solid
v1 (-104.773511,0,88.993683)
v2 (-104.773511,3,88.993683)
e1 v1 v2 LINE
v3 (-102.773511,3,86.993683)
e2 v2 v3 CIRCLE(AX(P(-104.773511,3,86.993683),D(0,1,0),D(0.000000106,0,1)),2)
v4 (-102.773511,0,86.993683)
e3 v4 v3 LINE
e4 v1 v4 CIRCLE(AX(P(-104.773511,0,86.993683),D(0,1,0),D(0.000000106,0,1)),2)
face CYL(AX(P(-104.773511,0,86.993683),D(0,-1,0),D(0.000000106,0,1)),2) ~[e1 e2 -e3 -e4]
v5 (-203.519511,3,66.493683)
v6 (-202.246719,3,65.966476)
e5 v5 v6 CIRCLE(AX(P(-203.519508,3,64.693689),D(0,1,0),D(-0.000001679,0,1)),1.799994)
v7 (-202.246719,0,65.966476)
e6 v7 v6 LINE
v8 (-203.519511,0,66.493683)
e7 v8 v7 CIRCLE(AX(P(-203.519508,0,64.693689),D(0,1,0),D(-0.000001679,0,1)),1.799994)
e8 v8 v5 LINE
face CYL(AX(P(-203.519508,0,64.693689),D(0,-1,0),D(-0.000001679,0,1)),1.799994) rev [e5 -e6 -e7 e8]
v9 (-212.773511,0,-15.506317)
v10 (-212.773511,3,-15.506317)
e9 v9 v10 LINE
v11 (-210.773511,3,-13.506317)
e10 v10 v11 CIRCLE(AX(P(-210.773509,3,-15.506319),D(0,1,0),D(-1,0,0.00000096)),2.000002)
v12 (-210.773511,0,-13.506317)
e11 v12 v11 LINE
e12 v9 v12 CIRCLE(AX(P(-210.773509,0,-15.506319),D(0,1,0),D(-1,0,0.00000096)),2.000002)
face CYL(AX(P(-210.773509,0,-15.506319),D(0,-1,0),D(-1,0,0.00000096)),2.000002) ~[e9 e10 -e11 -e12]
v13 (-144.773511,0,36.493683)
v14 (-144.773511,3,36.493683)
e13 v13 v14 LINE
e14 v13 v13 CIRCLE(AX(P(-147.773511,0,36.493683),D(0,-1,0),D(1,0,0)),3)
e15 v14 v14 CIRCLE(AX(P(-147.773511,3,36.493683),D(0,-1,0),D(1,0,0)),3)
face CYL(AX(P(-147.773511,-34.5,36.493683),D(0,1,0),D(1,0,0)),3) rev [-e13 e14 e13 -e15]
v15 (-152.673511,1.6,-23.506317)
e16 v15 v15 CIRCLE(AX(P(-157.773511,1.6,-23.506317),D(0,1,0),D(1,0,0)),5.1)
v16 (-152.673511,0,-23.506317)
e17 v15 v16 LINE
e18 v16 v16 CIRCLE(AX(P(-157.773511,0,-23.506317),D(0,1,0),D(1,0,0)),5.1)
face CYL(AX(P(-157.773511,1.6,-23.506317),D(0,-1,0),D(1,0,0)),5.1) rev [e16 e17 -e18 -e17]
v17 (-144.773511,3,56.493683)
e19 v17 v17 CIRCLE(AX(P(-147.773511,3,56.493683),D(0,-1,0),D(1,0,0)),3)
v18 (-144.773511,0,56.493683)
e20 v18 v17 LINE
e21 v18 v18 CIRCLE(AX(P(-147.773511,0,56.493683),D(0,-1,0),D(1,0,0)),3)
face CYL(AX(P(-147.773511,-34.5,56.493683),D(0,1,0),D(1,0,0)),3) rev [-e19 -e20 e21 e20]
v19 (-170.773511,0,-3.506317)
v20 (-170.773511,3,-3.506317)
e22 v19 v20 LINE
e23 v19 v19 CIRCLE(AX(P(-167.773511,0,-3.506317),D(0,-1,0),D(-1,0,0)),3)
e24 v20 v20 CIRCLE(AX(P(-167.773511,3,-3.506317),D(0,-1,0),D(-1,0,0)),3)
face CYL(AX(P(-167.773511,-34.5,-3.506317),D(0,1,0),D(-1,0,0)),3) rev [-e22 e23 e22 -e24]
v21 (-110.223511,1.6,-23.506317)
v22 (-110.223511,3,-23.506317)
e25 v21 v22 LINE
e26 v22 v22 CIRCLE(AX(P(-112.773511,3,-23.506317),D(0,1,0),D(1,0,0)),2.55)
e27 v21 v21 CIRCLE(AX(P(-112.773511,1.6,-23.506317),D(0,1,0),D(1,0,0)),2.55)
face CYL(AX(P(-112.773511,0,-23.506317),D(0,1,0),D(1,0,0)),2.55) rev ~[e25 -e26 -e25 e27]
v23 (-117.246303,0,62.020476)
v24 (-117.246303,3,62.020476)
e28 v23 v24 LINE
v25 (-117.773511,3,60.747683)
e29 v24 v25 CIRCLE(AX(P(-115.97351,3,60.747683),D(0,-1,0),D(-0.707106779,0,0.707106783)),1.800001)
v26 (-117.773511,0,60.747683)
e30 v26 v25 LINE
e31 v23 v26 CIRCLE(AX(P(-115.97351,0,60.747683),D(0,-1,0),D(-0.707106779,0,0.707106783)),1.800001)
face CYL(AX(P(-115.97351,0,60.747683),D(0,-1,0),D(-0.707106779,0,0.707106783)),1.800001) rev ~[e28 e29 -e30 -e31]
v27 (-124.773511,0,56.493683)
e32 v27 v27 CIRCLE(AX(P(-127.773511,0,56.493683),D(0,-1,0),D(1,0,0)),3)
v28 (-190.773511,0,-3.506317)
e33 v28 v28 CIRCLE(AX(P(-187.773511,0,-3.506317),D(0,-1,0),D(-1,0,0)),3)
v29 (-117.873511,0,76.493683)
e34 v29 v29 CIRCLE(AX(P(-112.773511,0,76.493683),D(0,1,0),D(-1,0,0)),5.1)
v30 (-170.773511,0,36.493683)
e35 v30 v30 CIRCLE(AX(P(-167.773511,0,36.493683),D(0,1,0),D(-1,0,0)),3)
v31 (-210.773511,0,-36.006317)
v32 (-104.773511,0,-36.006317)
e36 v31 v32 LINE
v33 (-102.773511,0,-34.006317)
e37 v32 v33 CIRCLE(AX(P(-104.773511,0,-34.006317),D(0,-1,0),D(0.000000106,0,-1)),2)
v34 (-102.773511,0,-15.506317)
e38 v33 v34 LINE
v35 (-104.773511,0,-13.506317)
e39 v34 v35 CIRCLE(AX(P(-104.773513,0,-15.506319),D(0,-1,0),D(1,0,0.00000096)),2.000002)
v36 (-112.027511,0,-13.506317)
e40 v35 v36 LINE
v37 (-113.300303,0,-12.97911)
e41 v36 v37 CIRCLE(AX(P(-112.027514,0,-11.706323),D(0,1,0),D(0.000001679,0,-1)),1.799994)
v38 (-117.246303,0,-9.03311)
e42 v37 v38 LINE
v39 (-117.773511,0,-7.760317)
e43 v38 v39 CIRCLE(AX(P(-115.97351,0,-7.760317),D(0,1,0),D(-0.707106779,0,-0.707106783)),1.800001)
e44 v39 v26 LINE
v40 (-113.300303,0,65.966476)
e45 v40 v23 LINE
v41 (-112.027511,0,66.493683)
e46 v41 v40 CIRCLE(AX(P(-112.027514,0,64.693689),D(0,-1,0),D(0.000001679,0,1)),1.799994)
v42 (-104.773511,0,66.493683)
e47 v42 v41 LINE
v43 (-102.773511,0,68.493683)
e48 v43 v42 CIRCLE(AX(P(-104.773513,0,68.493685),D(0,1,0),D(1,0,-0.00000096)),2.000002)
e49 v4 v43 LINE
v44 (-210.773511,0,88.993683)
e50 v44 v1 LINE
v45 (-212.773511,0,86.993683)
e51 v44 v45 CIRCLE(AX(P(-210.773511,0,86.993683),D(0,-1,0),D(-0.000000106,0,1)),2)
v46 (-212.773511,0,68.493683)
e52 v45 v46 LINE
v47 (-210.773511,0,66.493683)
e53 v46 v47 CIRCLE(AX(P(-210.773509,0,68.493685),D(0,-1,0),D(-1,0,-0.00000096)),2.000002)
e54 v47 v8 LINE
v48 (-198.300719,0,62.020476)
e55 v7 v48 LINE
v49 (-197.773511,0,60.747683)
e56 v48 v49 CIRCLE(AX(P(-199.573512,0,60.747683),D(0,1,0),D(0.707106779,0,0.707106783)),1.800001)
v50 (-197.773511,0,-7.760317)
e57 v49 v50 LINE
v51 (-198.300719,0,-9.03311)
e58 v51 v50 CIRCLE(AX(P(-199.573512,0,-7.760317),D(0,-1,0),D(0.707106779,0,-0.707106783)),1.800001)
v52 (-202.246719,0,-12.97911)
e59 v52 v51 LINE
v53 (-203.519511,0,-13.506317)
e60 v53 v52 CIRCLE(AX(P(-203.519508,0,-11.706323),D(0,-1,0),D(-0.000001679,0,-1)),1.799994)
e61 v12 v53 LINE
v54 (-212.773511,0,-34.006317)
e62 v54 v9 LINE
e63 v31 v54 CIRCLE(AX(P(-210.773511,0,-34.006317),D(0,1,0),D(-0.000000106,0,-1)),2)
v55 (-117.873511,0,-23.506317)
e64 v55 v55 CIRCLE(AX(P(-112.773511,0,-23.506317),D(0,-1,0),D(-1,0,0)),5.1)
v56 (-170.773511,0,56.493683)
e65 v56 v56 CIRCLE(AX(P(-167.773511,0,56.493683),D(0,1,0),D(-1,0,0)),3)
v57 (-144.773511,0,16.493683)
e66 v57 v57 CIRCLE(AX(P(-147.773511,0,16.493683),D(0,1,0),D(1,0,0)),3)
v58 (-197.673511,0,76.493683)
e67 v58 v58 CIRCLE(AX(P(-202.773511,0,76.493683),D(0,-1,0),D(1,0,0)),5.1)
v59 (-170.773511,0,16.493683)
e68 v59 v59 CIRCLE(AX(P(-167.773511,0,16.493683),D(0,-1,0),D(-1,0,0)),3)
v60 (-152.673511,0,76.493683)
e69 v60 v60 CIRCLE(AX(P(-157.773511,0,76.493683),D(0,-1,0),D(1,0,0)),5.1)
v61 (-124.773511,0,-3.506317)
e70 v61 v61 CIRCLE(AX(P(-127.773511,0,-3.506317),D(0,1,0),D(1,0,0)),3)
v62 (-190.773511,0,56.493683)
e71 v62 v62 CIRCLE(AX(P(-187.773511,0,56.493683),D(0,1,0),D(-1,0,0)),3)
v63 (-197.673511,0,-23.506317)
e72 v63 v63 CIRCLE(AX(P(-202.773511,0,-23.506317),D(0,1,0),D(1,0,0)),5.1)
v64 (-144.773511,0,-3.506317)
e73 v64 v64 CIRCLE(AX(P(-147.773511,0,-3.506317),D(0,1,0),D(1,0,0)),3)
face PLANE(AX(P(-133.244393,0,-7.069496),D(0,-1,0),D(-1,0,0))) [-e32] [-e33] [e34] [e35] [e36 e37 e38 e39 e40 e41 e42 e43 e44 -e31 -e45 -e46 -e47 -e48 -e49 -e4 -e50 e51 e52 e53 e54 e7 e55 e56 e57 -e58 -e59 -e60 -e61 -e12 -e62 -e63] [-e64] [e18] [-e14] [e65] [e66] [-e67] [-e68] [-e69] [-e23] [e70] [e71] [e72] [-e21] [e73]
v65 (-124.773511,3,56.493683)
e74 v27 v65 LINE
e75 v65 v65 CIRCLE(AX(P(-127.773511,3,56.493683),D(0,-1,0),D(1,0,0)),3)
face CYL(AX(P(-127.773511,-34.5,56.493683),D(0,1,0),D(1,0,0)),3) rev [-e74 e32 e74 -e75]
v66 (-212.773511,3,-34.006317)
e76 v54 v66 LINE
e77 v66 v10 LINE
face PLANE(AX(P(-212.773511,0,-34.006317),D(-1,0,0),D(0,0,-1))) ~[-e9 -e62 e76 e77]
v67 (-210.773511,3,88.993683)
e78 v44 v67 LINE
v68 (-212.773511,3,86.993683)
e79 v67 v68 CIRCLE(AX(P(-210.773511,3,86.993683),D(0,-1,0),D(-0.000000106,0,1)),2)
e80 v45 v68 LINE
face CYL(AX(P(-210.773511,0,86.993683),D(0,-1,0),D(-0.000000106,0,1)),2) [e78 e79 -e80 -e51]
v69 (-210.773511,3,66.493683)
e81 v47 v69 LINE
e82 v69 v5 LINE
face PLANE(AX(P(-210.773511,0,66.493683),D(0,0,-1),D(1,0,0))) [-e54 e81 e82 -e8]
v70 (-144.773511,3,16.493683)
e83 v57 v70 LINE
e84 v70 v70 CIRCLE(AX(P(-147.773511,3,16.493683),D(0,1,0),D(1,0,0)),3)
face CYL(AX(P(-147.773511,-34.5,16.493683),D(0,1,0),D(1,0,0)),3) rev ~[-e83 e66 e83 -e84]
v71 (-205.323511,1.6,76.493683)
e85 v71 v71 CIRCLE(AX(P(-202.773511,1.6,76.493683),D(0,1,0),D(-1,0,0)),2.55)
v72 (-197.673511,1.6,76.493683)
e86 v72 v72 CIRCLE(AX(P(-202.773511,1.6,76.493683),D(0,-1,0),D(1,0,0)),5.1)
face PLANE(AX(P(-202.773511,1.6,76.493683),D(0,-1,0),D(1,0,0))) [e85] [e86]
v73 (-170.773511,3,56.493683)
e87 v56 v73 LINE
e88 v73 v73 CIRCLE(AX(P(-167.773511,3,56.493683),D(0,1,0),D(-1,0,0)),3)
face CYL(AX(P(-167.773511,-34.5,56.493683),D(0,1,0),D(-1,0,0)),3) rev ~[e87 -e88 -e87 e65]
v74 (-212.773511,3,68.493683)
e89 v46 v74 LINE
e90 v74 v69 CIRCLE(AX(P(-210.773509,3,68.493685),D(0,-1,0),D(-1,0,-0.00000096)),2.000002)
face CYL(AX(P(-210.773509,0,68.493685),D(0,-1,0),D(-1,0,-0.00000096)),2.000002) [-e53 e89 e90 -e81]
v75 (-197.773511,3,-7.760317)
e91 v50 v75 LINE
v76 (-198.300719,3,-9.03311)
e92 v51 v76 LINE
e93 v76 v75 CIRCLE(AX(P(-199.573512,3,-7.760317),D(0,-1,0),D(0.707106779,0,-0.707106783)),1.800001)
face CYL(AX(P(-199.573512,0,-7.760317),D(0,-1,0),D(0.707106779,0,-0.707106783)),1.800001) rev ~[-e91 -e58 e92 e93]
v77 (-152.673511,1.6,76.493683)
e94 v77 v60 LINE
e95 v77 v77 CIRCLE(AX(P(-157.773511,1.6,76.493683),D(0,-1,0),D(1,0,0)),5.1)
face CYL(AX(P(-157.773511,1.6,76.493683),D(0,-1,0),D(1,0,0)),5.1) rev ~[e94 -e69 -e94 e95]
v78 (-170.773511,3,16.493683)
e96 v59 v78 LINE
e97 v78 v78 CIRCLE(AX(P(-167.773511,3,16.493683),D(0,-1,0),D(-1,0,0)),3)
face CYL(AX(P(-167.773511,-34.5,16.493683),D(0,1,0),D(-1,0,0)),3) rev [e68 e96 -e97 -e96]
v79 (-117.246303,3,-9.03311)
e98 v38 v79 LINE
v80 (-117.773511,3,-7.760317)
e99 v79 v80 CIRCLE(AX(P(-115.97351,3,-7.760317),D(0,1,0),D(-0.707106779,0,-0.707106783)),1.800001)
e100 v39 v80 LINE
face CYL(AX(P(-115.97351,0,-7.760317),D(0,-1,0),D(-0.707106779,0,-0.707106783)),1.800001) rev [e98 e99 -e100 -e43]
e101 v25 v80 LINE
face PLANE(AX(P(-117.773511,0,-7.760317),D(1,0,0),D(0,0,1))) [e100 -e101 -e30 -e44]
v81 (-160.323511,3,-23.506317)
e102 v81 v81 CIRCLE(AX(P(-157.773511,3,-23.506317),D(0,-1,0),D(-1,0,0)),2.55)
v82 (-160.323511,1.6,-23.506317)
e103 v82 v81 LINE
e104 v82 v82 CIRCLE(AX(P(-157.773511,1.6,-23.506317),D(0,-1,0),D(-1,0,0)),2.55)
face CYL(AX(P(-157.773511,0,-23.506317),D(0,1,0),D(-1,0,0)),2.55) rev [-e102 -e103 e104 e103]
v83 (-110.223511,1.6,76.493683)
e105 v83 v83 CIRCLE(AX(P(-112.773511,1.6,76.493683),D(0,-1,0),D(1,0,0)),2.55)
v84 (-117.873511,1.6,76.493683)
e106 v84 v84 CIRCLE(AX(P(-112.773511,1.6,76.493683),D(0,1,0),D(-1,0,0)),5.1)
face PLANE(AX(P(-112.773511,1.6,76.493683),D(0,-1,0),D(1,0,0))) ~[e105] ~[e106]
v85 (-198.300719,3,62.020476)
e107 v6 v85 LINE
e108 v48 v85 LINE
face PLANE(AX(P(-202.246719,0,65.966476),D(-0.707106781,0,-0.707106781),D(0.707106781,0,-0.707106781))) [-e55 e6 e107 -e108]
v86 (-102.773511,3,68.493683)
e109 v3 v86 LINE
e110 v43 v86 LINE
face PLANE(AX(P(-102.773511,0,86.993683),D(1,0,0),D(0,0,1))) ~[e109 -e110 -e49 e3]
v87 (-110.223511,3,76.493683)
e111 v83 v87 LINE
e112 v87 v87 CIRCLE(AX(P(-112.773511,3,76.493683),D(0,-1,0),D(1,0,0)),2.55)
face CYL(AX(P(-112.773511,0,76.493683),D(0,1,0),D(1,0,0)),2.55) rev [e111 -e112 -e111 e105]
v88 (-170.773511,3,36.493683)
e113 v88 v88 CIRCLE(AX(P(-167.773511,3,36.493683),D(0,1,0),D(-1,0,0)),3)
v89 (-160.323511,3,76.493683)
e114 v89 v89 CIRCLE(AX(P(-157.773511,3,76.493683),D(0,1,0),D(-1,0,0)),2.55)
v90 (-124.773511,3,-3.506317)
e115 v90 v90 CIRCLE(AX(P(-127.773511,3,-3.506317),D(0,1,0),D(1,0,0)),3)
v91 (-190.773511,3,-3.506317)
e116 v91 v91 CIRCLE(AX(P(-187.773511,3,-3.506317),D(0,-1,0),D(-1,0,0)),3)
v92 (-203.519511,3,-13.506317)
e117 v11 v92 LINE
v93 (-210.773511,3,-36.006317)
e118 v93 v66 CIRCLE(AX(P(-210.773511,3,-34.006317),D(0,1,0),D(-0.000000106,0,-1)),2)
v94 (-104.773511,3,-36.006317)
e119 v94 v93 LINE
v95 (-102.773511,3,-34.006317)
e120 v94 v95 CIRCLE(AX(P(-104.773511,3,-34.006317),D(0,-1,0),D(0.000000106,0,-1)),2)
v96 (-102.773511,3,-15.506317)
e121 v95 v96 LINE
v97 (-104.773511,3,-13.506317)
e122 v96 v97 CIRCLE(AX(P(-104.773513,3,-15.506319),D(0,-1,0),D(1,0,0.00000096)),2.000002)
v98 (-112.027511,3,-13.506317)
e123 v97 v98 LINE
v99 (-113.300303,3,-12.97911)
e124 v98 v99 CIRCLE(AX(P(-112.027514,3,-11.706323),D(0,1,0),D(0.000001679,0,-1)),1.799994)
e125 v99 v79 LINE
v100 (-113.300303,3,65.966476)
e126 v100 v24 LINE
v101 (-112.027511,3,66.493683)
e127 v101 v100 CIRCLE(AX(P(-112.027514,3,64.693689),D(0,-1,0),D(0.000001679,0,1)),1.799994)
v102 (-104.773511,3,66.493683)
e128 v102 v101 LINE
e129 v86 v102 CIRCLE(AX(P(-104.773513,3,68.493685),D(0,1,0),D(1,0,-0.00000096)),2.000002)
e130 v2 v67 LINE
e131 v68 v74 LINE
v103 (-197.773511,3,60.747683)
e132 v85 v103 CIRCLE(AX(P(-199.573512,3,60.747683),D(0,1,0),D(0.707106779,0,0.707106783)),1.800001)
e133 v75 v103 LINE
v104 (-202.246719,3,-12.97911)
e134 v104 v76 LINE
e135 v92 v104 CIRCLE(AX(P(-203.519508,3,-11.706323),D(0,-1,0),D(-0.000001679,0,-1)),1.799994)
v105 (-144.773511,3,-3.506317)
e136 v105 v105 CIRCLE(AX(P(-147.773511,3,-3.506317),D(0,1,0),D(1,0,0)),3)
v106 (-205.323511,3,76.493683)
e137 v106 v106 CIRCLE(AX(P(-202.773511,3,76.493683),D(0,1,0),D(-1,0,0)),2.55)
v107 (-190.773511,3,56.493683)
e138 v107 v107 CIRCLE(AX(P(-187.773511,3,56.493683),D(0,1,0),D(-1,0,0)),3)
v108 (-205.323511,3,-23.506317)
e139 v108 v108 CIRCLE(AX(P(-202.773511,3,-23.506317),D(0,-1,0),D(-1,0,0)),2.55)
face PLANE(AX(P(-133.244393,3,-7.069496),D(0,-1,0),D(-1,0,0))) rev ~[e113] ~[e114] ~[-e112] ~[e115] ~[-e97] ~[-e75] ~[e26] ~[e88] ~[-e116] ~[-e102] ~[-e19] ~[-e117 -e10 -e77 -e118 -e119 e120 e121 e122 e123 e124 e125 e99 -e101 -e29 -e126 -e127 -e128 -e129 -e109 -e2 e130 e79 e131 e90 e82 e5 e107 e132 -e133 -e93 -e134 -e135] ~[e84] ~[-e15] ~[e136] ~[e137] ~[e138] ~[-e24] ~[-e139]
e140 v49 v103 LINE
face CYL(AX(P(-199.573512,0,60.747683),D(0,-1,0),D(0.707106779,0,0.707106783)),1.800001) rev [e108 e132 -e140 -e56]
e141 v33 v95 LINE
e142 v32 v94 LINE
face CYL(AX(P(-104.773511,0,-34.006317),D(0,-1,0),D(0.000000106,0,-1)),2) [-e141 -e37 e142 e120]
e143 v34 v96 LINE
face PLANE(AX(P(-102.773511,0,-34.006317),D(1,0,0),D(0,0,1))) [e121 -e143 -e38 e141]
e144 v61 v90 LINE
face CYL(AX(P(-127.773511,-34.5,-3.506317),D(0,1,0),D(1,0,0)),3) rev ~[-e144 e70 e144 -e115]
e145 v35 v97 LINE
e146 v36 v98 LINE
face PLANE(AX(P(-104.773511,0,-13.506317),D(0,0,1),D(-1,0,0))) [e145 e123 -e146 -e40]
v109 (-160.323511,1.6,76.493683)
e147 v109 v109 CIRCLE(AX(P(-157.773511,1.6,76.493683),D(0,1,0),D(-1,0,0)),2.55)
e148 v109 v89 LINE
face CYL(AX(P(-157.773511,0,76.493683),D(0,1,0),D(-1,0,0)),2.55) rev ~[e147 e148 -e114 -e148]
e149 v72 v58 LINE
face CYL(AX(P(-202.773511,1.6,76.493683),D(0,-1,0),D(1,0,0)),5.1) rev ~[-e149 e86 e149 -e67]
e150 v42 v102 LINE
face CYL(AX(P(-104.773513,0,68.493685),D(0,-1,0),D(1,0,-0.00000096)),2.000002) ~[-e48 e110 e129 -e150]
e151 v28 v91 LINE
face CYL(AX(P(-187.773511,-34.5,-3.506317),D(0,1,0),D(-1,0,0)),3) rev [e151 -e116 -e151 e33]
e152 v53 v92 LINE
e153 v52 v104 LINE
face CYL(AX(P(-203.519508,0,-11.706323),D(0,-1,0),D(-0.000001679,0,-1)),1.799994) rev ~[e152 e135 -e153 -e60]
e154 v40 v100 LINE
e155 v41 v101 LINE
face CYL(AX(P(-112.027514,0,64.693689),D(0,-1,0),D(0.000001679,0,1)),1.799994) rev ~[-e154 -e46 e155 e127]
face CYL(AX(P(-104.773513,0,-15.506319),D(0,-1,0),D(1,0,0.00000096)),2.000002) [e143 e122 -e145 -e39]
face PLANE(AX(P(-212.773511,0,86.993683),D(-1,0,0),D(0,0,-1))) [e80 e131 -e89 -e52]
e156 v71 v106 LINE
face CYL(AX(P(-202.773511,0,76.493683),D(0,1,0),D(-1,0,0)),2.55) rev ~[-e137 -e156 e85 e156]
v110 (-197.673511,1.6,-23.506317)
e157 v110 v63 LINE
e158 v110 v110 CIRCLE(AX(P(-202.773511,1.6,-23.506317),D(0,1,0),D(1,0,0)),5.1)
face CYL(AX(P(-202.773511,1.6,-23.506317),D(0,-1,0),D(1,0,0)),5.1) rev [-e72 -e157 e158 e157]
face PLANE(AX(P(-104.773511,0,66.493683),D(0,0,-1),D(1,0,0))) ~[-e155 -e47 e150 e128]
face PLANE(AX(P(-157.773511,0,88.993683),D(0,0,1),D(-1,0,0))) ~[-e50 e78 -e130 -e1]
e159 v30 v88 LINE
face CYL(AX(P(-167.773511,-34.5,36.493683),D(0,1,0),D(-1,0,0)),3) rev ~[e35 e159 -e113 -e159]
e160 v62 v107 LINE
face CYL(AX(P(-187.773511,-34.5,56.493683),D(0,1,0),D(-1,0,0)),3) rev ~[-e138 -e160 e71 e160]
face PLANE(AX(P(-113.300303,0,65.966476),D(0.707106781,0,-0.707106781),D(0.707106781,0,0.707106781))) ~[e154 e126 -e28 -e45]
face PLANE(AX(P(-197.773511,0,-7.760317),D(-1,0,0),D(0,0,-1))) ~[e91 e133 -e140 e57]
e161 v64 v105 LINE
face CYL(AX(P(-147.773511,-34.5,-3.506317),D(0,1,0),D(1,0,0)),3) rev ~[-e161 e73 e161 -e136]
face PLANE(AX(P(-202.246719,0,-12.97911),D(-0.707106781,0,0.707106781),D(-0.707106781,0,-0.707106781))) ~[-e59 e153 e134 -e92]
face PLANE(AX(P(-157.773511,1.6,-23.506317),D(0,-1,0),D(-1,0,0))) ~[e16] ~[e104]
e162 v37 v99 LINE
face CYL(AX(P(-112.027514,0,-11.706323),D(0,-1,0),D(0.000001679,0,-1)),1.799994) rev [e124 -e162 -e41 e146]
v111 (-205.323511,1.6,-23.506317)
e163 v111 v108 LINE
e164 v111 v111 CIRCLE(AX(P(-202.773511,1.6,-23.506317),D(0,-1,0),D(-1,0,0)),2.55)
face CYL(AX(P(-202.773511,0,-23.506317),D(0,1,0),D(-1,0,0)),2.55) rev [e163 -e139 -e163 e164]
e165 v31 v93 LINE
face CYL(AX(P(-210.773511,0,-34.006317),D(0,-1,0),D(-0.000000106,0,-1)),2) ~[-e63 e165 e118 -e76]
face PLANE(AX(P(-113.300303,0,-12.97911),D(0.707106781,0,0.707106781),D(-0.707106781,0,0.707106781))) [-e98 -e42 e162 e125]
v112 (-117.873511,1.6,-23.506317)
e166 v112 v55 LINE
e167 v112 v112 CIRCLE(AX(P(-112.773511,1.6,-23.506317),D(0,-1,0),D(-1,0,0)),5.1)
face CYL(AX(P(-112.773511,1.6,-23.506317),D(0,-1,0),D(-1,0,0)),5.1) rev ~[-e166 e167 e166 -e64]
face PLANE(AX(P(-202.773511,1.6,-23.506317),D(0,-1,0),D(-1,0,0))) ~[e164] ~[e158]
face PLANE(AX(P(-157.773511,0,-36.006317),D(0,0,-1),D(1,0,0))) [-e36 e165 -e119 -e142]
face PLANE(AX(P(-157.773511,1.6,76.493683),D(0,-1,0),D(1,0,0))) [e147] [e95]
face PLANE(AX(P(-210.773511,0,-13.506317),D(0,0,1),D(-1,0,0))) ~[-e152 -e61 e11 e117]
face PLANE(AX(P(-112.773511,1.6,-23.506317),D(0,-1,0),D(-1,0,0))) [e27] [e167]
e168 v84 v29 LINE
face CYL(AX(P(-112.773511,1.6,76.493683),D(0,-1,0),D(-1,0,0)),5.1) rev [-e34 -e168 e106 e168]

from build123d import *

# Parameters (mm, degrees)
F1_DEPTH       = 3
F2_D           = 6
F2_DEPTH       = 34.5
F3_D           = 5.1
F3_DEPTH       = 34.5
F3_CBORE_D     = 10.2
F3_CBORE_DEPTH = 1.6
F5_D           = 5.1
F5_DEPTH       = 34.5
F5_CBORE_D     = 10.2
F5_CBORE_DEPTH = 1.6


with BuildPart() as f1:
    # F0 (on Front) → F1 (new body)
    with BuildSketch(Plane.XZ):
        with BuildLine():
            Line((-157.773511, 88.993683), (-210.773511, 88.993683))
            ThreePointArc((-210.773511, 88.993683), (-212.187724, 88.407897), (-212.773511, 86.993683))
            Line((-212.773511, 86.993683), (-212.773511, 68.493683))
            ThreePointArc((-212.773511, 68.493683), (-212.187724, 67.07947), (-210.773511, 66.493683))
            Line((-210.773511, 66.493683), (-203.519511, 66.493683))
            ThreePointArc((-203.519511, 66.493683), (-202.830681, 66.356667), (-202.246719, 65.966476))
            Line((-202.246719, 65.966476), (-198.300719, 62.020476))
            ThreePointArc((-198.300719, 62.020476), (-197.910528, 61.436514), (-197.773511, 60.747683))
            Line((-197.773511, 60.747683), (-197.773511, 26.493683))
            Line((-197.773511, 26.493683), (-157.773511, 26.493683))
            Line((-157.773511, 26.493683), (-157.773511, 88.993683))
        make_face()
    extrude(amount=-F1_DEPTH)

    # F2
    with Locations(Plane.XZ):
        with Locations((-187.773511, 56.493683), (-167.773511, 56.493683), (-167.773511, 36.493683)):
            Hole(F2_D / 2, depth=F2_DEPTH)

    # F3
    with Locations(Plane.XZ):
        with Locations((-202.773511, 76.493683)):
            CounterBoreHole(F3_D / 2, F3_CBORE_D / 2, F3_CBORE_DEPTH, depth=F3_DEPTH)

    # F4: F1 across face


with BuildPart() as f1_1:
    add(f1.part)
    add(f1.part.mirror(Plane(origin=(-157.773511, 1.5, 57.743683), x_dir=(0, 1, 0), z_dir=(1, 0, 0))))

    # F5
    with Locations(Plane.XZ):
        with Locations((-157.773511, 76.493683)):
            CounterBoreHole(F5_D / 2, F5_CBORE_D / 2, F5_CBORE_DEPTH, depth=F5_DEPTH)

    # F6: F1 across face


with BuildPart() as f1_2:
    add(f1_1.part)
    add(f1_1.part.mirror(Plane(origin=(-157.773511, 1.5, 26.493683), x_dir=(1, 0, 0), z_dir=(0, 0, -1))))


solid = f1_2.part
